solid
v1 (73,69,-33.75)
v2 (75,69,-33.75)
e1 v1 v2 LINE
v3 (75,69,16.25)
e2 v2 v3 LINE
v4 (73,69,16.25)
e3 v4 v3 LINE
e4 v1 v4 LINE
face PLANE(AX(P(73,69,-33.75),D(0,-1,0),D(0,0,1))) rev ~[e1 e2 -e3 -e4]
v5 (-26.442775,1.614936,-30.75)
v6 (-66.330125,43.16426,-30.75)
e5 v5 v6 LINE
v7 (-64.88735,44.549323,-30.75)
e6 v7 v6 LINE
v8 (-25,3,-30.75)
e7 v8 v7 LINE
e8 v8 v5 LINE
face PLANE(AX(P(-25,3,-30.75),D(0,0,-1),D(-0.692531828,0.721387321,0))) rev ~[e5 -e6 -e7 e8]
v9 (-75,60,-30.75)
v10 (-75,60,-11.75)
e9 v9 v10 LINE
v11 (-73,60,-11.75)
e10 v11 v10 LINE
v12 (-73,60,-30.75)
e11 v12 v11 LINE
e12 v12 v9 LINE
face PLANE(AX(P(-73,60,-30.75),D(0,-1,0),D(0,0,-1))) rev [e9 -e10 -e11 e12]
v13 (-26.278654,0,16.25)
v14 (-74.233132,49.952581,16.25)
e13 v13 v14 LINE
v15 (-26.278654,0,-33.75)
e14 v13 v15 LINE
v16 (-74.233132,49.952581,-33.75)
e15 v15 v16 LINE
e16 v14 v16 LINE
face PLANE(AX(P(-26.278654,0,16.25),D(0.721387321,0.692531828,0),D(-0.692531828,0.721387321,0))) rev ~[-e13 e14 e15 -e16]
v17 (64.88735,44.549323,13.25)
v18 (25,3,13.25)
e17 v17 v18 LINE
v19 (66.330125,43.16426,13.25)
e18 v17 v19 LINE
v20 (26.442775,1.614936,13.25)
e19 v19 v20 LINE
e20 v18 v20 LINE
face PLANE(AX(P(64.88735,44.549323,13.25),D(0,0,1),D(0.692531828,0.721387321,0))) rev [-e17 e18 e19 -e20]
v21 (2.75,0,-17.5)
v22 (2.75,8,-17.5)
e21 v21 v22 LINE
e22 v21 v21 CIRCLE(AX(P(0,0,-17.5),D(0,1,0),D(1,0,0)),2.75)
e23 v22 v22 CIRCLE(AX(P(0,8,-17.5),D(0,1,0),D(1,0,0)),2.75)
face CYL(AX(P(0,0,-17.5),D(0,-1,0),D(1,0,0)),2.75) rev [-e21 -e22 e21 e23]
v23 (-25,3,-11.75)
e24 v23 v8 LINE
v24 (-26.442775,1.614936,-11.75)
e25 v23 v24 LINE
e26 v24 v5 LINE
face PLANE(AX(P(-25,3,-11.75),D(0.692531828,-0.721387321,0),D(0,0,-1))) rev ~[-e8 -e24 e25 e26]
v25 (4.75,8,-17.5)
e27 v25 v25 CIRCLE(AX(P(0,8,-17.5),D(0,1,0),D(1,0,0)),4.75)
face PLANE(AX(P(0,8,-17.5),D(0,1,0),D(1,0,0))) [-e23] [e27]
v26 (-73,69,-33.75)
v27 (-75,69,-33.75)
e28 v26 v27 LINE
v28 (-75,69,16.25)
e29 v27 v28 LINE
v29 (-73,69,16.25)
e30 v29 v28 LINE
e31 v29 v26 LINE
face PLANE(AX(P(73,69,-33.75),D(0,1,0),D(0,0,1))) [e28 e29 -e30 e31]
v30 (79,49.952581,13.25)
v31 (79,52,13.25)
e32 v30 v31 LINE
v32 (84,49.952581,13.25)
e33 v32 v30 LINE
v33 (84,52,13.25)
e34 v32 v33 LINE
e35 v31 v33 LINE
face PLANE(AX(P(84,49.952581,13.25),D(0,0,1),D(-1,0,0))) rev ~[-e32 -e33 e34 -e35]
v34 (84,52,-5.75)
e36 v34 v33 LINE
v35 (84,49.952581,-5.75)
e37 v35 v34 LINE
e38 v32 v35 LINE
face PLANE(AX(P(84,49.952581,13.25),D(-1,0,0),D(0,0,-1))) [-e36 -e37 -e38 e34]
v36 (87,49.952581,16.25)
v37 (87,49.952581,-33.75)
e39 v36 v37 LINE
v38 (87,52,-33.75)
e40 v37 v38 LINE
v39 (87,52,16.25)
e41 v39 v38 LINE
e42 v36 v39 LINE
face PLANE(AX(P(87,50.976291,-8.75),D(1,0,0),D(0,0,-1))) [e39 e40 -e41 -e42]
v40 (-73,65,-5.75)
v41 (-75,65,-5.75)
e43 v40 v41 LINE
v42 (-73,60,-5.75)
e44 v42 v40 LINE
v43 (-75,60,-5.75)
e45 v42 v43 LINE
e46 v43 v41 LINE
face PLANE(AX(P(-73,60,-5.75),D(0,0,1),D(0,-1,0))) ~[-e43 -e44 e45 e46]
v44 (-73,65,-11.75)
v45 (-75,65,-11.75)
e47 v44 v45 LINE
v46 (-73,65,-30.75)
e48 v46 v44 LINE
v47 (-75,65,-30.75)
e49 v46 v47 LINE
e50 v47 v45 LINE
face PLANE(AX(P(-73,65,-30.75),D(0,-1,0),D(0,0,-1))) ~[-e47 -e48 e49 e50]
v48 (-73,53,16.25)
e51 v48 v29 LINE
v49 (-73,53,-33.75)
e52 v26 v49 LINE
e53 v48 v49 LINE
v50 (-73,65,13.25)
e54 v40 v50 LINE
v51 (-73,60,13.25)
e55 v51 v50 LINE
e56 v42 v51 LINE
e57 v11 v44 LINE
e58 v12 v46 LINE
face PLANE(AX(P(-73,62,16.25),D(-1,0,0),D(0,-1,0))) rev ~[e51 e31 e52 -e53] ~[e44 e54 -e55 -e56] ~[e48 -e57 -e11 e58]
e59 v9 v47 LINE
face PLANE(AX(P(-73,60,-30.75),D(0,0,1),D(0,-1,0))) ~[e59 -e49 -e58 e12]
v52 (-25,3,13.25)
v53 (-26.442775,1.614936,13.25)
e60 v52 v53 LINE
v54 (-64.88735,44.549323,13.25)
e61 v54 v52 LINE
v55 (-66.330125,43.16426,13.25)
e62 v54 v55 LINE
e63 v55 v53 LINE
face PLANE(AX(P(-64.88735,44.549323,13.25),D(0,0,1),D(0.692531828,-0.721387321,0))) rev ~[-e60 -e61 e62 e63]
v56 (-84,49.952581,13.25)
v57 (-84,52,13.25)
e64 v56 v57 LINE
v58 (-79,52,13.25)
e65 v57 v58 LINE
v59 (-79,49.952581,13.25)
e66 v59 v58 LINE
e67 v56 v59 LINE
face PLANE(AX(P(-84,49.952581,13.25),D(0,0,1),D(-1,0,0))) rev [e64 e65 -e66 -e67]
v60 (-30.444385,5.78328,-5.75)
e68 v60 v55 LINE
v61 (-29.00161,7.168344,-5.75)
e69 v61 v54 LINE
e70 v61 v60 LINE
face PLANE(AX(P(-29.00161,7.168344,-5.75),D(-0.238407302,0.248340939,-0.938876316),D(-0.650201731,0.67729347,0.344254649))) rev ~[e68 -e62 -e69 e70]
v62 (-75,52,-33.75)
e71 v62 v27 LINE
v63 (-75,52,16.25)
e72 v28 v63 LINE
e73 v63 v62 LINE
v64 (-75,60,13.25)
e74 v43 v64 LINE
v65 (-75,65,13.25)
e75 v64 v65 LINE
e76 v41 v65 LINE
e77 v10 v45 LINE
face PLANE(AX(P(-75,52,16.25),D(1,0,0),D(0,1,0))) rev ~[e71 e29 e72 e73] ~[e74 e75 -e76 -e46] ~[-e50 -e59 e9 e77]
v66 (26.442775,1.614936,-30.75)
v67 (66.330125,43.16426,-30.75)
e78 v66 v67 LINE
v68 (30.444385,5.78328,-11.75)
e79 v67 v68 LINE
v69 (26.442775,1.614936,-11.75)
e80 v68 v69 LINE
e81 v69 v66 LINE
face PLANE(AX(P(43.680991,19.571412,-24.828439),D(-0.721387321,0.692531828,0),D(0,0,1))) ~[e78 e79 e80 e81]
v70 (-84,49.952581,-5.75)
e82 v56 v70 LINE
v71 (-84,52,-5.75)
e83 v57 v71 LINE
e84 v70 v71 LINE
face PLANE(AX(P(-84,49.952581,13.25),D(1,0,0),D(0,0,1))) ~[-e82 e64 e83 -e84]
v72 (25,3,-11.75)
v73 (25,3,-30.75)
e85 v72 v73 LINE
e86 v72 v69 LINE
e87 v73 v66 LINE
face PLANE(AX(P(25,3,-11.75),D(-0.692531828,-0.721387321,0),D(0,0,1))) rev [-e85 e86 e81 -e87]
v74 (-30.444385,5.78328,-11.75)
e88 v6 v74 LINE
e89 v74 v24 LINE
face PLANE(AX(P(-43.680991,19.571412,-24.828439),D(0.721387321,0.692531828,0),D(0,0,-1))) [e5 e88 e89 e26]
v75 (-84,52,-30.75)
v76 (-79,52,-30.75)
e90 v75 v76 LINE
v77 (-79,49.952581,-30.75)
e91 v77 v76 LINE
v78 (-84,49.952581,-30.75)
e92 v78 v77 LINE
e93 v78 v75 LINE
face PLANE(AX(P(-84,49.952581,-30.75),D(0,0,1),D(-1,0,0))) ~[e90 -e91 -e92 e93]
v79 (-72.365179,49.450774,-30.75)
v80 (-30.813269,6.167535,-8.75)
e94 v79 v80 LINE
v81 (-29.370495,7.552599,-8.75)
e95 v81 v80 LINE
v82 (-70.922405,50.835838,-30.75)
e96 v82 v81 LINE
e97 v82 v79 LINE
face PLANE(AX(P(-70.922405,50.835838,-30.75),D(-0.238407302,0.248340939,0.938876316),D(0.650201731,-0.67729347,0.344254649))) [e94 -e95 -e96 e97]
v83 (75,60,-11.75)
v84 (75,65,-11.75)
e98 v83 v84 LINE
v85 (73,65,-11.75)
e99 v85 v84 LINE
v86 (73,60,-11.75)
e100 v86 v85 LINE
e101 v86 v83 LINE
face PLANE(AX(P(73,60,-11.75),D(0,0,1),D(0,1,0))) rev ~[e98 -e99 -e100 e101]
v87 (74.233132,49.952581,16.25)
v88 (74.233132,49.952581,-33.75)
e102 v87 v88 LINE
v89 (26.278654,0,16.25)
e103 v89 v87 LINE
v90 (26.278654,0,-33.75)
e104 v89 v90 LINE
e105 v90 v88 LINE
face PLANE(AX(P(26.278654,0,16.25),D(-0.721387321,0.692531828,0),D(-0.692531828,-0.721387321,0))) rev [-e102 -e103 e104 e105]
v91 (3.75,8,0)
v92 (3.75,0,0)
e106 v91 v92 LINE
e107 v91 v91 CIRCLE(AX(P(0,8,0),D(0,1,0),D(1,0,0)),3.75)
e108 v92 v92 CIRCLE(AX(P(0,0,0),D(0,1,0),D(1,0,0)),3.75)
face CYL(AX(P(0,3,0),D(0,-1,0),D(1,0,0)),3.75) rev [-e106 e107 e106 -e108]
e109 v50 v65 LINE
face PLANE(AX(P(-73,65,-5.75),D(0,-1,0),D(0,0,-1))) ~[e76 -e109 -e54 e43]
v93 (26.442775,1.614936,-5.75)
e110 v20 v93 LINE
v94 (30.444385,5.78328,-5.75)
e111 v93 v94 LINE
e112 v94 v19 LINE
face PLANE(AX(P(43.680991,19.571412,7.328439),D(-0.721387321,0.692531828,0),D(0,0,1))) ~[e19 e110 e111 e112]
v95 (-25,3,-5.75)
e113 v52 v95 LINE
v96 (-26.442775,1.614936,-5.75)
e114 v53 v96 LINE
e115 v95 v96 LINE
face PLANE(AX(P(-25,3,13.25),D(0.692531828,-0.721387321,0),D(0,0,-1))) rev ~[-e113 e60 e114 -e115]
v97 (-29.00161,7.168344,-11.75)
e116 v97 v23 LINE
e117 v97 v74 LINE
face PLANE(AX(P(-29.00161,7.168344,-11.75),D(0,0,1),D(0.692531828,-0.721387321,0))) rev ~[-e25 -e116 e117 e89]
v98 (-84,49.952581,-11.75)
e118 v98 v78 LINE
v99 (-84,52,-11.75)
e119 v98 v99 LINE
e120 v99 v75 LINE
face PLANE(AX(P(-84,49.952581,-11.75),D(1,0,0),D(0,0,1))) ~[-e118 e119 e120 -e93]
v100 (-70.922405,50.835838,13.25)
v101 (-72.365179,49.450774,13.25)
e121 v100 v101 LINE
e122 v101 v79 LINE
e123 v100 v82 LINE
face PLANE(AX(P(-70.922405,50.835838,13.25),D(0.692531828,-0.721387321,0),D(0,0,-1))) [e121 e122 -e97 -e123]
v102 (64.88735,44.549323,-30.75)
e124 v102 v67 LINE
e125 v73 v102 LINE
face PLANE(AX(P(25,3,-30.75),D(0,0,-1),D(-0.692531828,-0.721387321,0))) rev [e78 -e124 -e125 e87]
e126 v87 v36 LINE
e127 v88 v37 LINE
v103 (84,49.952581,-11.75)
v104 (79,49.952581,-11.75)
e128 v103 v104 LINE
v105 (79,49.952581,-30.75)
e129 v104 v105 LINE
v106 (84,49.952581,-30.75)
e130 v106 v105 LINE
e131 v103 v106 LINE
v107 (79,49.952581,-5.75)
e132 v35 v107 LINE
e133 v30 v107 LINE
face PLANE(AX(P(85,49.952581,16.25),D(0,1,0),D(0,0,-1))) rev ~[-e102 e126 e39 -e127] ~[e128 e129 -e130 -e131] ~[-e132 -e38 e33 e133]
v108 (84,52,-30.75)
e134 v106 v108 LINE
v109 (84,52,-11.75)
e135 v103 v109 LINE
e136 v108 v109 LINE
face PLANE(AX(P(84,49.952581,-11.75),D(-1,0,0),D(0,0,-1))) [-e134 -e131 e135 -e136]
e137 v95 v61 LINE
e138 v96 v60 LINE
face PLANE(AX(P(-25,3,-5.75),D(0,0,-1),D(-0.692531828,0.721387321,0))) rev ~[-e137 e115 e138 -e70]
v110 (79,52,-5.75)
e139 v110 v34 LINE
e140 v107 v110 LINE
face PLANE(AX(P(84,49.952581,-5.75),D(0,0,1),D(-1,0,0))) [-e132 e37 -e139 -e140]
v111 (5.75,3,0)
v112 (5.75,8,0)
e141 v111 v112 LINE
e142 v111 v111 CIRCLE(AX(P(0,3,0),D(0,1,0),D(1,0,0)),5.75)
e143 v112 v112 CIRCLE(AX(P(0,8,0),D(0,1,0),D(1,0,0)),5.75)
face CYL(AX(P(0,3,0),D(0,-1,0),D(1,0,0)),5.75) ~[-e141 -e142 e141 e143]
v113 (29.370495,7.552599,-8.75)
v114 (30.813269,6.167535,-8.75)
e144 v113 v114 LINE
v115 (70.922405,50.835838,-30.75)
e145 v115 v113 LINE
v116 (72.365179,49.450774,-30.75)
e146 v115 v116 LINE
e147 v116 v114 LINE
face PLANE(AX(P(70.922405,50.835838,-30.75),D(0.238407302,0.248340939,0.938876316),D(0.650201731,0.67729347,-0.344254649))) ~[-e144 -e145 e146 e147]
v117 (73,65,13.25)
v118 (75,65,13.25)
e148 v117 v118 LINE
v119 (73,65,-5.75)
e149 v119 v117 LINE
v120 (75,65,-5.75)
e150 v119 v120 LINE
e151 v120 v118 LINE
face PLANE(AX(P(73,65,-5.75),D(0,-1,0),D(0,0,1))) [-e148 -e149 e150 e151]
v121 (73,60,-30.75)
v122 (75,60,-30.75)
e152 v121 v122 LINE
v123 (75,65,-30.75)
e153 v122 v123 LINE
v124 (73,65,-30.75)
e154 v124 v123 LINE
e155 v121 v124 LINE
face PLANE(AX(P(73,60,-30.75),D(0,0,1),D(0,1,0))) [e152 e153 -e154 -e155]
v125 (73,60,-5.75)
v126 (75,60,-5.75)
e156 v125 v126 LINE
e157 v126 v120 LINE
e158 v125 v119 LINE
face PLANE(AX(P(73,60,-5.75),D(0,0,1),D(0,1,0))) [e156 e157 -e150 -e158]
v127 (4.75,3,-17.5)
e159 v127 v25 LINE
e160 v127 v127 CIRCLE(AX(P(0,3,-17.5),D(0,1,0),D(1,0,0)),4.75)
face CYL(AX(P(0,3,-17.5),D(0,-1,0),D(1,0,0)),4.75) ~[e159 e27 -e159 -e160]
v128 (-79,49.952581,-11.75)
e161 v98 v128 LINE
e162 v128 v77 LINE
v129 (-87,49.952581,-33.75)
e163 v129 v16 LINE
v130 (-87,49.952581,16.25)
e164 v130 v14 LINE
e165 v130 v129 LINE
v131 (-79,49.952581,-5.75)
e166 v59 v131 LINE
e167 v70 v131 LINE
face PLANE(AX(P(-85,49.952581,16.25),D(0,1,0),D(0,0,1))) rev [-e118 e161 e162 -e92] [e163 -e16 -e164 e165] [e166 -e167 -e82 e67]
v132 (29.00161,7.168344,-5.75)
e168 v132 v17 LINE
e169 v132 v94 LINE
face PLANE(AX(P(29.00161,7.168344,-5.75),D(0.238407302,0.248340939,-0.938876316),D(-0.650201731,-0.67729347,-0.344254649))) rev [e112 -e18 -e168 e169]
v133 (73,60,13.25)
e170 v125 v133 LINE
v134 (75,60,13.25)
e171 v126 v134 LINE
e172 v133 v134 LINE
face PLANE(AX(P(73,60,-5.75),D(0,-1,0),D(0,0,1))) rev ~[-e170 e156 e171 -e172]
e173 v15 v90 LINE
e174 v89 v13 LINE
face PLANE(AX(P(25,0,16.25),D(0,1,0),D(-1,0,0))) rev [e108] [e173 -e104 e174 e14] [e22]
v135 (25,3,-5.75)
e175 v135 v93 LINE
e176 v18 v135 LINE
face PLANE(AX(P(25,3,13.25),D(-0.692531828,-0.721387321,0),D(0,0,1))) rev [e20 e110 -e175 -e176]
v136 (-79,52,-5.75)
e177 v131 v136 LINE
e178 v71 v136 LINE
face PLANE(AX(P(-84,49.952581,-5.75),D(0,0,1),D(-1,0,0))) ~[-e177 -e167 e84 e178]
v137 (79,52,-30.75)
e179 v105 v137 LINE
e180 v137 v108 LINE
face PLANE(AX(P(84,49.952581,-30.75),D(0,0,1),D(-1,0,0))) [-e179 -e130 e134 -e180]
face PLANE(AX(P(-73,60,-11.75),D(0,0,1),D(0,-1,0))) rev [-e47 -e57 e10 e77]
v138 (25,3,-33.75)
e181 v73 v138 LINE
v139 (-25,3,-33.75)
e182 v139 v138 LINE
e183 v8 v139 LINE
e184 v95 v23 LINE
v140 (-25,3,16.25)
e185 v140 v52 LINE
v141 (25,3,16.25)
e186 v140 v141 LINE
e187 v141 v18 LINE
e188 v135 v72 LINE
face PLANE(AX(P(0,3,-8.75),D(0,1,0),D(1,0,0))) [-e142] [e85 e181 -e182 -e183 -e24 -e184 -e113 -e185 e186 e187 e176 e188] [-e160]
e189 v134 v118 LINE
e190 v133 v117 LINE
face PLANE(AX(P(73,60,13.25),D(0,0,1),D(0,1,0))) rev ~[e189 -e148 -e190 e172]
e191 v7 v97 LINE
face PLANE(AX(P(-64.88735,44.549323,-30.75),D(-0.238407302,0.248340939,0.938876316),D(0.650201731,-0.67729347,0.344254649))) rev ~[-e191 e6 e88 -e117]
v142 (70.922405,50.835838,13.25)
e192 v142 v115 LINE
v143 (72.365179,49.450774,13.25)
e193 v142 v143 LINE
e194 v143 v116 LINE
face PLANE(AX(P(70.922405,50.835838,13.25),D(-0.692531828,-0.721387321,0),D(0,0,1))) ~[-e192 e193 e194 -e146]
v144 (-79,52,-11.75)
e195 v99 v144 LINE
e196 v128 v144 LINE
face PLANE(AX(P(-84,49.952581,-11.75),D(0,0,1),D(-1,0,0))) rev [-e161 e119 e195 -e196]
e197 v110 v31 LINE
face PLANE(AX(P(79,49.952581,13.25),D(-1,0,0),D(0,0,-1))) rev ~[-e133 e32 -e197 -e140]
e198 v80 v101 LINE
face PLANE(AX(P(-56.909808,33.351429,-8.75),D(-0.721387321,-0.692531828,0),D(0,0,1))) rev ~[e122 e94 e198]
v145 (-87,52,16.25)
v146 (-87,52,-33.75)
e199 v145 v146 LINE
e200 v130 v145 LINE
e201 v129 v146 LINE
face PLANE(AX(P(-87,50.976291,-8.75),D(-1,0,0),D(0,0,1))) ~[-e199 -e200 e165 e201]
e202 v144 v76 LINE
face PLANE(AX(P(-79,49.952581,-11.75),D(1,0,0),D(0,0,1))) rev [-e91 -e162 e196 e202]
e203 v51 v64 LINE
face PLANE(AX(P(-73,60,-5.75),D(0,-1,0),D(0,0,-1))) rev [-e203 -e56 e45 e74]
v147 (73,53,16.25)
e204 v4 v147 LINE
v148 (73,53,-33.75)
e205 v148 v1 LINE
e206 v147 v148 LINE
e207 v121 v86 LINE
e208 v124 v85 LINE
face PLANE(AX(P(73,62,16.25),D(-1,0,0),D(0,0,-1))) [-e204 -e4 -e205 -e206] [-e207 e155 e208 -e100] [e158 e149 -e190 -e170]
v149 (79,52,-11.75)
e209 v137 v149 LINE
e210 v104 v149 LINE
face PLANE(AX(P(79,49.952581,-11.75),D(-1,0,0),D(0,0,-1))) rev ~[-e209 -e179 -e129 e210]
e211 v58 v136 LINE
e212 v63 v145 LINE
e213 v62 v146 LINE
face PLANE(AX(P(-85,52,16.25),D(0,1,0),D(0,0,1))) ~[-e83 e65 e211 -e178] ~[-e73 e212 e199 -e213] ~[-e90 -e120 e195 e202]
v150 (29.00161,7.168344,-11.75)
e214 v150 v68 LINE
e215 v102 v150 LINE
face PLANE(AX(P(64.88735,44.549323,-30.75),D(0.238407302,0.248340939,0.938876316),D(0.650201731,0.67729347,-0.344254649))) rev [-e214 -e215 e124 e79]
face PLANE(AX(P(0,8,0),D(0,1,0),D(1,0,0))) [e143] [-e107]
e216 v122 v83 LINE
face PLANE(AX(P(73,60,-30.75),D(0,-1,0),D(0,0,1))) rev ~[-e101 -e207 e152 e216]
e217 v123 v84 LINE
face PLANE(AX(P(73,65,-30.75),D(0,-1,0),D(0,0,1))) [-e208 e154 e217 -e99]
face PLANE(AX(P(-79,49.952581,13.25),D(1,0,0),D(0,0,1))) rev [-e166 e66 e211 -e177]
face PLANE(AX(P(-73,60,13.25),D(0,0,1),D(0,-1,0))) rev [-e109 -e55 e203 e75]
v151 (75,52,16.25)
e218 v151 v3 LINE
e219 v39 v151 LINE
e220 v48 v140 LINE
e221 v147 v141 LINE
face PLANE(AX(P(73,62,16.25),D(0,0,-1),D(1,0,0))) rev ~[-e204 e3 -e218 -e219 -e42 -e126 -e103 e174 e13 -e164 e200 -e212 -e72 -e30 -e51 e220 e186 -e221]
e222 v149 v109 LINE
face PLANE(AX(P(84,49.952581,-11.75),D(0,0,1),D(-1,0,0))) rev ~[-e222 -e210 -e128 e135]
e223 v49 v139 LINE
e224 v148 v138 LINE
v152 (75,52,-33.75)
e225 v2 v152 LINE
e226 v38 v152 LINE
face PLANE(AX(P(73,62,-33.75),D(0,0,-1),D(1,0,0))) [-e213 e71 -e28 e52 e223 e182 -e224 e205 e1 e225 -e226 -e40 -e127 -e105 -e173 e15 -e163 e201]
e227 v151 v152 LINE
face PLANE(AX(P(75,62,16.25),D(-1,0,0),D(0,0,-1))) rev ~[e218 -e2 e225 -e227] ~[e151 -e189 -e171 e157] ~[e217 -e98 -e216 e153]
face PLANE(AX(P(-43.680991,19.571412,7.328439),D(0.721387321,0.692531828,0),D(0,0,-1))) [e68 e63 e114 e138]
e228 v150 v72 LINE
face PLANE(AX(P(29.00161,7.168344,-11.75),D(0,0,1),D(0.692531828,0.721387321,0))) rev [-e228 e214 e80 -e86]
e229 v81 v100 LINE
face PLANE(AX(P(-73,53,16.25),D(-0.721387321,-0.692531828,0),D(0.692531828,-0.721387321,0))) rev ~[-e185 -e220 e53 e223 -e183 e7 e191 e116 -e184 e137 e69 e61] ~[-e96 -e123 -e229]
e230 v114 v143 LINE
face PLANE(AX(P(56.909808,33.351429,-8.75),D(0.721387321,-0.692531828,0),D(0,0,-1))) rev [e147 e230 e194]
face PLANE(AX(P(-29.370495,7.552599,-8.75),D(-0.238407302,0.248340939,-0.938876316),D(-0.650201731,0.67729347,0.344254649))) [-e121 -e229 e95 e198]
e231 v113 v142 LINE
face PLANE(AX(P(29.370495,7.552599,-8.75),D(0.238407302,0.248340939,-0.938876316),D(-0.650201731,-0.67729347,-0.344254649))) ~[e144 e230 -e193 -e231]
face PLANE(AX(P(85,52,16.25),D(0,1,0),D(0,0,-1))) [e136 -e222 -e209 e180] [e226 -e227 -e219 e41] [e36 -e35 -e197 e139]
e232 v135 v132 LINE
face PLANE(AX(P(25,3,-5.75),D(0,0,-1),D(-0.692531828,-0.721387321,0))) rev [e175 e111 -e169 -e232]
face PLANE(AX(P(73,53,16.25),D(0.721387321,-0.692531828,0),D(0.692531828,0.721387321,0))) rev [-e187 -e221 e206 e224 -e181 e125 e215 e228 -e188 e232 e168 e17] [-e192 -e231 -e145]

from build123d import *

# Parameters (mm, degrees)
SKETCH1_W               = 50
SKETCH1_H               = 50
SKETCH1_R               = 3.75
SKETCH1_R_2             = 2.75
BOSS_EXTRUDE1_DEPTH     = 3
BOSS_EXTRUDE2_DEPTH     = 50
CUT_EXTRUDE2_DEPTH      = 2
SKETCH10_W              = 50
SKETCH10_H              = 2.047418662
BOSS_EXTRUDE6_DEPTH     = 2
SKETCH11_W              = 5
SKETCH11_H              = 19
CUT_EXTRUDE4_DEPTH      = 4
SKETCH12_W              = 2
SKETCH12_H              = 50
BOSS_EXTRUDE7_DEPTH     = 10
SKETCH13_W              = 19
SKETCH13_H              = 5
CUT_EXTRUDE5_DEPTH      = 10
SKETCH14_R              = 5.75
SKETCH14_R_2            = 3.75
SKETCH14_R_3            = 4.75
SKETCH14_R_4            = 2.75
BOSS_EXTRUDE8_DEPTH     = 5
SKETCH15_W              = 50
SKETCH15_H              = 3
CUT_EXTRUDE6_DEPTH      = 161
CUT_EXTRUDE6_DEPTH_BACK = 15


with BuildPart() as part:
    # Sketch1 → Boss-Extrude1 (new body)
    with BuildSketch(Plane(origin=(0, 0, 0), x_dir=(1, 0, 0), z_dir=(0, 1, 0))):
        with Locations((0, 8.75)):
            Rectangle(SKETCH1_W, SKETCH1_H)
        Circle(SKETCH1_R, mode=Mode.SUBTRACT)
        with Locations((0, 17.5)):
            Circle(SKETCH1_R_2, mode=Mode.SUBTRACT)
    extrude(amount=BOSS_EXTRUDE1_DEPTH)

    # Sketch2 → Boss-Extrude2 (add)
    with BuildSketch(Plane.XY.offset(16.25)):
        Polygon((-25, 0), (-26.278653628, 0), (-74.233131713, 49.952581338), (-85, 49.952581338), (-85, 52), (-75, 52), (-75, 62), (-73, 62), (-73, 53), (-25, 3), align=None)
    boss_extrude2 = extrude(amount=-BOSS_EXTRUDE2_DEPTH)

    # Sketch3 → Cut-Extrude2 (cut)
    with BuildSketch(Plane(origin=(-11.511240633, -11.050791007, 0), x_dir=(0, 0, -1), z_dir=(0.721387321, 0.692531828, 0))):
        Polygon((-13.25, 85.788351472), (30.75, 85.788351472), (8.75, 25.788351472), align=None)
        Polygon((30.75, 77.073872213), (11.75, 25.255690395), (11.75, 19.477457668), (30.75, 19.477457668), (30.75, 22.897932802), align=None)
        Polygon((-13.25, 77.073872213), (-13.25, 19.477457668), (5.75, 19.477457668), (5.75, 25.255690395), align=None)
    cut_extrude2 = extrude(amount=-CUT_EXTRUDE2_DEPTH, mode=Mode.SUBTRACT)

    # Mirror1: Boss-Extrude2, Cut-Extrude2 across plane
    add(boss_extrude2.mirror(Plane(origin=(0, 0, 0), x_dir=(0, 0, 1), z_dir=(1, 0, 0))))
    add(cut_extrude2.mirror(Plane(origin=(0, 0, 0), x_dir=(0, 0, 1), z_dir=(1, 0, 0))), mode=Mode.SUBTRACT)

    # Sketch10 → Boss-Extrude6 (add)
    with BuildSketch(Plane(origin=(85, 0, 0), x_dir=(0, 0, -1), z_dir=(1, 0, 0))):
        with Locations((8.75, 50.976290669)):
            Rectangle(SKETCH10_W, SKETCH10_H)
    boss_extrude6 = extrude(amount=BOSS_EXTRUDE6_DEPTH)

    # Sketch11 → Cut-Extrude4 (cut)
    with BuildSketch(Plane(origin=(0, 49.952581338, 0), x_dir=(-1, 0, 0), z_dir=(0, -1, 0))):
        with Locations((-81.5, -3.75)):
            Rectangle(SKETCH11_W, SKETCH11_H)
        with Locations((-81.5, 21.25)):
            Rectangle(SKETCH11_W, SKETCH11_H)
    cut_extrude4 = extrude(amount=-CUT_EXTRUDE4_DEPTH, mode=Mode.SUBTRACT)

    # Mirror2: Boss-Extrude6, Cut-Extrude4 across plane
    add(boss_extrude6.mirror(Plane(origin=(0, 0, 0), x_dir=(0, 0, 1), z_dir=(1, 0, 0))))
    add(cut_extrude4.mirror(Plane(origin=(0, 0, 0), x_dir=(0, 0, 1), z_dir=(1, 0, 0))), mode=Mode.SUBTRACT)

    # Sketch12 → Boss-Extrude7 (add)
    with BuildSketch(Plane(origin=(0, 62, 0), x_dir=(1, 0, 0), z_dir=(0, 1, 0))):
        with Locations((74, 8.75)):
            Rectangle(SKETCH12_W, SKETCH12_H)
        with Locations((-74, 8.75)):
            Rectangle(SKETCH12_W, SKETCH12_H)
    extrude(amount=BOSS_EXTRUDE7_DEPTH)

    # Sketch13 → Cut-Extrude5 (cut)
    with BuildSketch(Plane.ZY.offset(-73)):
        with Locations((-21.25, 62.5)):
            Rectangle(SKETCH13_W, SKETCH13_H)
        with Locations((3.75, 62.5)):
            Rectangle(SKETCH13_W, SKETCH13_H)
    cut_extrude5 = extrude(amount=-CUT_EXTRUDE5_DEPTH, mode=Mode.SUBTRACT)

    # Mirror3: Cut-Extrude5 across plane
    add(cut_extrude5.mirror(Plane(origin=(0, 0, 0), x_dir=(0, 0, 1), z_dir=(1, 0, 0))), mode=Mode.SUBTRACT)

    # Sketch14 → Boss-Extrude8 (add)
    with BuildSketch(Plane(origin=(0, 3, 0), x_dir=(1, 0, 0), z_dir=(0, 1, 0))):
        Circle(SKETCH14_R)
        Circle(SKETCH14_R_2, mode=Mode.SUBTRACT)
        with Locations((0, 17.5)):
            Circle(SKETCH14_R_3)
        with Locations((0, 17.5)):
            Circle(SKETCH14_R_4, mode=Mode.SUBTRACT)
    extrude(amount=BOSS_EXTRUDE8_DEPTH)

    # Sketch15 → Cut-Extrude6 (cut, two sides)
    with BuildSketch(Plane.ZY.offset(-73)) as cut_extrude6_sk:
        with Locations((-8.75, 70.5)):
            Rectangle(SKETCH15_W, SKETCH15_H)
    extrude(amount=CUT_EXTRUDE6_DEPTH, mode=Mode.SUBTRACT)
    extrude(cut_extrude6_sk.sketch, amount=-CUT_EXTRUDE6_DEPTH_BACK, mode=Mode.SUBTRACT)


solid = part.part
